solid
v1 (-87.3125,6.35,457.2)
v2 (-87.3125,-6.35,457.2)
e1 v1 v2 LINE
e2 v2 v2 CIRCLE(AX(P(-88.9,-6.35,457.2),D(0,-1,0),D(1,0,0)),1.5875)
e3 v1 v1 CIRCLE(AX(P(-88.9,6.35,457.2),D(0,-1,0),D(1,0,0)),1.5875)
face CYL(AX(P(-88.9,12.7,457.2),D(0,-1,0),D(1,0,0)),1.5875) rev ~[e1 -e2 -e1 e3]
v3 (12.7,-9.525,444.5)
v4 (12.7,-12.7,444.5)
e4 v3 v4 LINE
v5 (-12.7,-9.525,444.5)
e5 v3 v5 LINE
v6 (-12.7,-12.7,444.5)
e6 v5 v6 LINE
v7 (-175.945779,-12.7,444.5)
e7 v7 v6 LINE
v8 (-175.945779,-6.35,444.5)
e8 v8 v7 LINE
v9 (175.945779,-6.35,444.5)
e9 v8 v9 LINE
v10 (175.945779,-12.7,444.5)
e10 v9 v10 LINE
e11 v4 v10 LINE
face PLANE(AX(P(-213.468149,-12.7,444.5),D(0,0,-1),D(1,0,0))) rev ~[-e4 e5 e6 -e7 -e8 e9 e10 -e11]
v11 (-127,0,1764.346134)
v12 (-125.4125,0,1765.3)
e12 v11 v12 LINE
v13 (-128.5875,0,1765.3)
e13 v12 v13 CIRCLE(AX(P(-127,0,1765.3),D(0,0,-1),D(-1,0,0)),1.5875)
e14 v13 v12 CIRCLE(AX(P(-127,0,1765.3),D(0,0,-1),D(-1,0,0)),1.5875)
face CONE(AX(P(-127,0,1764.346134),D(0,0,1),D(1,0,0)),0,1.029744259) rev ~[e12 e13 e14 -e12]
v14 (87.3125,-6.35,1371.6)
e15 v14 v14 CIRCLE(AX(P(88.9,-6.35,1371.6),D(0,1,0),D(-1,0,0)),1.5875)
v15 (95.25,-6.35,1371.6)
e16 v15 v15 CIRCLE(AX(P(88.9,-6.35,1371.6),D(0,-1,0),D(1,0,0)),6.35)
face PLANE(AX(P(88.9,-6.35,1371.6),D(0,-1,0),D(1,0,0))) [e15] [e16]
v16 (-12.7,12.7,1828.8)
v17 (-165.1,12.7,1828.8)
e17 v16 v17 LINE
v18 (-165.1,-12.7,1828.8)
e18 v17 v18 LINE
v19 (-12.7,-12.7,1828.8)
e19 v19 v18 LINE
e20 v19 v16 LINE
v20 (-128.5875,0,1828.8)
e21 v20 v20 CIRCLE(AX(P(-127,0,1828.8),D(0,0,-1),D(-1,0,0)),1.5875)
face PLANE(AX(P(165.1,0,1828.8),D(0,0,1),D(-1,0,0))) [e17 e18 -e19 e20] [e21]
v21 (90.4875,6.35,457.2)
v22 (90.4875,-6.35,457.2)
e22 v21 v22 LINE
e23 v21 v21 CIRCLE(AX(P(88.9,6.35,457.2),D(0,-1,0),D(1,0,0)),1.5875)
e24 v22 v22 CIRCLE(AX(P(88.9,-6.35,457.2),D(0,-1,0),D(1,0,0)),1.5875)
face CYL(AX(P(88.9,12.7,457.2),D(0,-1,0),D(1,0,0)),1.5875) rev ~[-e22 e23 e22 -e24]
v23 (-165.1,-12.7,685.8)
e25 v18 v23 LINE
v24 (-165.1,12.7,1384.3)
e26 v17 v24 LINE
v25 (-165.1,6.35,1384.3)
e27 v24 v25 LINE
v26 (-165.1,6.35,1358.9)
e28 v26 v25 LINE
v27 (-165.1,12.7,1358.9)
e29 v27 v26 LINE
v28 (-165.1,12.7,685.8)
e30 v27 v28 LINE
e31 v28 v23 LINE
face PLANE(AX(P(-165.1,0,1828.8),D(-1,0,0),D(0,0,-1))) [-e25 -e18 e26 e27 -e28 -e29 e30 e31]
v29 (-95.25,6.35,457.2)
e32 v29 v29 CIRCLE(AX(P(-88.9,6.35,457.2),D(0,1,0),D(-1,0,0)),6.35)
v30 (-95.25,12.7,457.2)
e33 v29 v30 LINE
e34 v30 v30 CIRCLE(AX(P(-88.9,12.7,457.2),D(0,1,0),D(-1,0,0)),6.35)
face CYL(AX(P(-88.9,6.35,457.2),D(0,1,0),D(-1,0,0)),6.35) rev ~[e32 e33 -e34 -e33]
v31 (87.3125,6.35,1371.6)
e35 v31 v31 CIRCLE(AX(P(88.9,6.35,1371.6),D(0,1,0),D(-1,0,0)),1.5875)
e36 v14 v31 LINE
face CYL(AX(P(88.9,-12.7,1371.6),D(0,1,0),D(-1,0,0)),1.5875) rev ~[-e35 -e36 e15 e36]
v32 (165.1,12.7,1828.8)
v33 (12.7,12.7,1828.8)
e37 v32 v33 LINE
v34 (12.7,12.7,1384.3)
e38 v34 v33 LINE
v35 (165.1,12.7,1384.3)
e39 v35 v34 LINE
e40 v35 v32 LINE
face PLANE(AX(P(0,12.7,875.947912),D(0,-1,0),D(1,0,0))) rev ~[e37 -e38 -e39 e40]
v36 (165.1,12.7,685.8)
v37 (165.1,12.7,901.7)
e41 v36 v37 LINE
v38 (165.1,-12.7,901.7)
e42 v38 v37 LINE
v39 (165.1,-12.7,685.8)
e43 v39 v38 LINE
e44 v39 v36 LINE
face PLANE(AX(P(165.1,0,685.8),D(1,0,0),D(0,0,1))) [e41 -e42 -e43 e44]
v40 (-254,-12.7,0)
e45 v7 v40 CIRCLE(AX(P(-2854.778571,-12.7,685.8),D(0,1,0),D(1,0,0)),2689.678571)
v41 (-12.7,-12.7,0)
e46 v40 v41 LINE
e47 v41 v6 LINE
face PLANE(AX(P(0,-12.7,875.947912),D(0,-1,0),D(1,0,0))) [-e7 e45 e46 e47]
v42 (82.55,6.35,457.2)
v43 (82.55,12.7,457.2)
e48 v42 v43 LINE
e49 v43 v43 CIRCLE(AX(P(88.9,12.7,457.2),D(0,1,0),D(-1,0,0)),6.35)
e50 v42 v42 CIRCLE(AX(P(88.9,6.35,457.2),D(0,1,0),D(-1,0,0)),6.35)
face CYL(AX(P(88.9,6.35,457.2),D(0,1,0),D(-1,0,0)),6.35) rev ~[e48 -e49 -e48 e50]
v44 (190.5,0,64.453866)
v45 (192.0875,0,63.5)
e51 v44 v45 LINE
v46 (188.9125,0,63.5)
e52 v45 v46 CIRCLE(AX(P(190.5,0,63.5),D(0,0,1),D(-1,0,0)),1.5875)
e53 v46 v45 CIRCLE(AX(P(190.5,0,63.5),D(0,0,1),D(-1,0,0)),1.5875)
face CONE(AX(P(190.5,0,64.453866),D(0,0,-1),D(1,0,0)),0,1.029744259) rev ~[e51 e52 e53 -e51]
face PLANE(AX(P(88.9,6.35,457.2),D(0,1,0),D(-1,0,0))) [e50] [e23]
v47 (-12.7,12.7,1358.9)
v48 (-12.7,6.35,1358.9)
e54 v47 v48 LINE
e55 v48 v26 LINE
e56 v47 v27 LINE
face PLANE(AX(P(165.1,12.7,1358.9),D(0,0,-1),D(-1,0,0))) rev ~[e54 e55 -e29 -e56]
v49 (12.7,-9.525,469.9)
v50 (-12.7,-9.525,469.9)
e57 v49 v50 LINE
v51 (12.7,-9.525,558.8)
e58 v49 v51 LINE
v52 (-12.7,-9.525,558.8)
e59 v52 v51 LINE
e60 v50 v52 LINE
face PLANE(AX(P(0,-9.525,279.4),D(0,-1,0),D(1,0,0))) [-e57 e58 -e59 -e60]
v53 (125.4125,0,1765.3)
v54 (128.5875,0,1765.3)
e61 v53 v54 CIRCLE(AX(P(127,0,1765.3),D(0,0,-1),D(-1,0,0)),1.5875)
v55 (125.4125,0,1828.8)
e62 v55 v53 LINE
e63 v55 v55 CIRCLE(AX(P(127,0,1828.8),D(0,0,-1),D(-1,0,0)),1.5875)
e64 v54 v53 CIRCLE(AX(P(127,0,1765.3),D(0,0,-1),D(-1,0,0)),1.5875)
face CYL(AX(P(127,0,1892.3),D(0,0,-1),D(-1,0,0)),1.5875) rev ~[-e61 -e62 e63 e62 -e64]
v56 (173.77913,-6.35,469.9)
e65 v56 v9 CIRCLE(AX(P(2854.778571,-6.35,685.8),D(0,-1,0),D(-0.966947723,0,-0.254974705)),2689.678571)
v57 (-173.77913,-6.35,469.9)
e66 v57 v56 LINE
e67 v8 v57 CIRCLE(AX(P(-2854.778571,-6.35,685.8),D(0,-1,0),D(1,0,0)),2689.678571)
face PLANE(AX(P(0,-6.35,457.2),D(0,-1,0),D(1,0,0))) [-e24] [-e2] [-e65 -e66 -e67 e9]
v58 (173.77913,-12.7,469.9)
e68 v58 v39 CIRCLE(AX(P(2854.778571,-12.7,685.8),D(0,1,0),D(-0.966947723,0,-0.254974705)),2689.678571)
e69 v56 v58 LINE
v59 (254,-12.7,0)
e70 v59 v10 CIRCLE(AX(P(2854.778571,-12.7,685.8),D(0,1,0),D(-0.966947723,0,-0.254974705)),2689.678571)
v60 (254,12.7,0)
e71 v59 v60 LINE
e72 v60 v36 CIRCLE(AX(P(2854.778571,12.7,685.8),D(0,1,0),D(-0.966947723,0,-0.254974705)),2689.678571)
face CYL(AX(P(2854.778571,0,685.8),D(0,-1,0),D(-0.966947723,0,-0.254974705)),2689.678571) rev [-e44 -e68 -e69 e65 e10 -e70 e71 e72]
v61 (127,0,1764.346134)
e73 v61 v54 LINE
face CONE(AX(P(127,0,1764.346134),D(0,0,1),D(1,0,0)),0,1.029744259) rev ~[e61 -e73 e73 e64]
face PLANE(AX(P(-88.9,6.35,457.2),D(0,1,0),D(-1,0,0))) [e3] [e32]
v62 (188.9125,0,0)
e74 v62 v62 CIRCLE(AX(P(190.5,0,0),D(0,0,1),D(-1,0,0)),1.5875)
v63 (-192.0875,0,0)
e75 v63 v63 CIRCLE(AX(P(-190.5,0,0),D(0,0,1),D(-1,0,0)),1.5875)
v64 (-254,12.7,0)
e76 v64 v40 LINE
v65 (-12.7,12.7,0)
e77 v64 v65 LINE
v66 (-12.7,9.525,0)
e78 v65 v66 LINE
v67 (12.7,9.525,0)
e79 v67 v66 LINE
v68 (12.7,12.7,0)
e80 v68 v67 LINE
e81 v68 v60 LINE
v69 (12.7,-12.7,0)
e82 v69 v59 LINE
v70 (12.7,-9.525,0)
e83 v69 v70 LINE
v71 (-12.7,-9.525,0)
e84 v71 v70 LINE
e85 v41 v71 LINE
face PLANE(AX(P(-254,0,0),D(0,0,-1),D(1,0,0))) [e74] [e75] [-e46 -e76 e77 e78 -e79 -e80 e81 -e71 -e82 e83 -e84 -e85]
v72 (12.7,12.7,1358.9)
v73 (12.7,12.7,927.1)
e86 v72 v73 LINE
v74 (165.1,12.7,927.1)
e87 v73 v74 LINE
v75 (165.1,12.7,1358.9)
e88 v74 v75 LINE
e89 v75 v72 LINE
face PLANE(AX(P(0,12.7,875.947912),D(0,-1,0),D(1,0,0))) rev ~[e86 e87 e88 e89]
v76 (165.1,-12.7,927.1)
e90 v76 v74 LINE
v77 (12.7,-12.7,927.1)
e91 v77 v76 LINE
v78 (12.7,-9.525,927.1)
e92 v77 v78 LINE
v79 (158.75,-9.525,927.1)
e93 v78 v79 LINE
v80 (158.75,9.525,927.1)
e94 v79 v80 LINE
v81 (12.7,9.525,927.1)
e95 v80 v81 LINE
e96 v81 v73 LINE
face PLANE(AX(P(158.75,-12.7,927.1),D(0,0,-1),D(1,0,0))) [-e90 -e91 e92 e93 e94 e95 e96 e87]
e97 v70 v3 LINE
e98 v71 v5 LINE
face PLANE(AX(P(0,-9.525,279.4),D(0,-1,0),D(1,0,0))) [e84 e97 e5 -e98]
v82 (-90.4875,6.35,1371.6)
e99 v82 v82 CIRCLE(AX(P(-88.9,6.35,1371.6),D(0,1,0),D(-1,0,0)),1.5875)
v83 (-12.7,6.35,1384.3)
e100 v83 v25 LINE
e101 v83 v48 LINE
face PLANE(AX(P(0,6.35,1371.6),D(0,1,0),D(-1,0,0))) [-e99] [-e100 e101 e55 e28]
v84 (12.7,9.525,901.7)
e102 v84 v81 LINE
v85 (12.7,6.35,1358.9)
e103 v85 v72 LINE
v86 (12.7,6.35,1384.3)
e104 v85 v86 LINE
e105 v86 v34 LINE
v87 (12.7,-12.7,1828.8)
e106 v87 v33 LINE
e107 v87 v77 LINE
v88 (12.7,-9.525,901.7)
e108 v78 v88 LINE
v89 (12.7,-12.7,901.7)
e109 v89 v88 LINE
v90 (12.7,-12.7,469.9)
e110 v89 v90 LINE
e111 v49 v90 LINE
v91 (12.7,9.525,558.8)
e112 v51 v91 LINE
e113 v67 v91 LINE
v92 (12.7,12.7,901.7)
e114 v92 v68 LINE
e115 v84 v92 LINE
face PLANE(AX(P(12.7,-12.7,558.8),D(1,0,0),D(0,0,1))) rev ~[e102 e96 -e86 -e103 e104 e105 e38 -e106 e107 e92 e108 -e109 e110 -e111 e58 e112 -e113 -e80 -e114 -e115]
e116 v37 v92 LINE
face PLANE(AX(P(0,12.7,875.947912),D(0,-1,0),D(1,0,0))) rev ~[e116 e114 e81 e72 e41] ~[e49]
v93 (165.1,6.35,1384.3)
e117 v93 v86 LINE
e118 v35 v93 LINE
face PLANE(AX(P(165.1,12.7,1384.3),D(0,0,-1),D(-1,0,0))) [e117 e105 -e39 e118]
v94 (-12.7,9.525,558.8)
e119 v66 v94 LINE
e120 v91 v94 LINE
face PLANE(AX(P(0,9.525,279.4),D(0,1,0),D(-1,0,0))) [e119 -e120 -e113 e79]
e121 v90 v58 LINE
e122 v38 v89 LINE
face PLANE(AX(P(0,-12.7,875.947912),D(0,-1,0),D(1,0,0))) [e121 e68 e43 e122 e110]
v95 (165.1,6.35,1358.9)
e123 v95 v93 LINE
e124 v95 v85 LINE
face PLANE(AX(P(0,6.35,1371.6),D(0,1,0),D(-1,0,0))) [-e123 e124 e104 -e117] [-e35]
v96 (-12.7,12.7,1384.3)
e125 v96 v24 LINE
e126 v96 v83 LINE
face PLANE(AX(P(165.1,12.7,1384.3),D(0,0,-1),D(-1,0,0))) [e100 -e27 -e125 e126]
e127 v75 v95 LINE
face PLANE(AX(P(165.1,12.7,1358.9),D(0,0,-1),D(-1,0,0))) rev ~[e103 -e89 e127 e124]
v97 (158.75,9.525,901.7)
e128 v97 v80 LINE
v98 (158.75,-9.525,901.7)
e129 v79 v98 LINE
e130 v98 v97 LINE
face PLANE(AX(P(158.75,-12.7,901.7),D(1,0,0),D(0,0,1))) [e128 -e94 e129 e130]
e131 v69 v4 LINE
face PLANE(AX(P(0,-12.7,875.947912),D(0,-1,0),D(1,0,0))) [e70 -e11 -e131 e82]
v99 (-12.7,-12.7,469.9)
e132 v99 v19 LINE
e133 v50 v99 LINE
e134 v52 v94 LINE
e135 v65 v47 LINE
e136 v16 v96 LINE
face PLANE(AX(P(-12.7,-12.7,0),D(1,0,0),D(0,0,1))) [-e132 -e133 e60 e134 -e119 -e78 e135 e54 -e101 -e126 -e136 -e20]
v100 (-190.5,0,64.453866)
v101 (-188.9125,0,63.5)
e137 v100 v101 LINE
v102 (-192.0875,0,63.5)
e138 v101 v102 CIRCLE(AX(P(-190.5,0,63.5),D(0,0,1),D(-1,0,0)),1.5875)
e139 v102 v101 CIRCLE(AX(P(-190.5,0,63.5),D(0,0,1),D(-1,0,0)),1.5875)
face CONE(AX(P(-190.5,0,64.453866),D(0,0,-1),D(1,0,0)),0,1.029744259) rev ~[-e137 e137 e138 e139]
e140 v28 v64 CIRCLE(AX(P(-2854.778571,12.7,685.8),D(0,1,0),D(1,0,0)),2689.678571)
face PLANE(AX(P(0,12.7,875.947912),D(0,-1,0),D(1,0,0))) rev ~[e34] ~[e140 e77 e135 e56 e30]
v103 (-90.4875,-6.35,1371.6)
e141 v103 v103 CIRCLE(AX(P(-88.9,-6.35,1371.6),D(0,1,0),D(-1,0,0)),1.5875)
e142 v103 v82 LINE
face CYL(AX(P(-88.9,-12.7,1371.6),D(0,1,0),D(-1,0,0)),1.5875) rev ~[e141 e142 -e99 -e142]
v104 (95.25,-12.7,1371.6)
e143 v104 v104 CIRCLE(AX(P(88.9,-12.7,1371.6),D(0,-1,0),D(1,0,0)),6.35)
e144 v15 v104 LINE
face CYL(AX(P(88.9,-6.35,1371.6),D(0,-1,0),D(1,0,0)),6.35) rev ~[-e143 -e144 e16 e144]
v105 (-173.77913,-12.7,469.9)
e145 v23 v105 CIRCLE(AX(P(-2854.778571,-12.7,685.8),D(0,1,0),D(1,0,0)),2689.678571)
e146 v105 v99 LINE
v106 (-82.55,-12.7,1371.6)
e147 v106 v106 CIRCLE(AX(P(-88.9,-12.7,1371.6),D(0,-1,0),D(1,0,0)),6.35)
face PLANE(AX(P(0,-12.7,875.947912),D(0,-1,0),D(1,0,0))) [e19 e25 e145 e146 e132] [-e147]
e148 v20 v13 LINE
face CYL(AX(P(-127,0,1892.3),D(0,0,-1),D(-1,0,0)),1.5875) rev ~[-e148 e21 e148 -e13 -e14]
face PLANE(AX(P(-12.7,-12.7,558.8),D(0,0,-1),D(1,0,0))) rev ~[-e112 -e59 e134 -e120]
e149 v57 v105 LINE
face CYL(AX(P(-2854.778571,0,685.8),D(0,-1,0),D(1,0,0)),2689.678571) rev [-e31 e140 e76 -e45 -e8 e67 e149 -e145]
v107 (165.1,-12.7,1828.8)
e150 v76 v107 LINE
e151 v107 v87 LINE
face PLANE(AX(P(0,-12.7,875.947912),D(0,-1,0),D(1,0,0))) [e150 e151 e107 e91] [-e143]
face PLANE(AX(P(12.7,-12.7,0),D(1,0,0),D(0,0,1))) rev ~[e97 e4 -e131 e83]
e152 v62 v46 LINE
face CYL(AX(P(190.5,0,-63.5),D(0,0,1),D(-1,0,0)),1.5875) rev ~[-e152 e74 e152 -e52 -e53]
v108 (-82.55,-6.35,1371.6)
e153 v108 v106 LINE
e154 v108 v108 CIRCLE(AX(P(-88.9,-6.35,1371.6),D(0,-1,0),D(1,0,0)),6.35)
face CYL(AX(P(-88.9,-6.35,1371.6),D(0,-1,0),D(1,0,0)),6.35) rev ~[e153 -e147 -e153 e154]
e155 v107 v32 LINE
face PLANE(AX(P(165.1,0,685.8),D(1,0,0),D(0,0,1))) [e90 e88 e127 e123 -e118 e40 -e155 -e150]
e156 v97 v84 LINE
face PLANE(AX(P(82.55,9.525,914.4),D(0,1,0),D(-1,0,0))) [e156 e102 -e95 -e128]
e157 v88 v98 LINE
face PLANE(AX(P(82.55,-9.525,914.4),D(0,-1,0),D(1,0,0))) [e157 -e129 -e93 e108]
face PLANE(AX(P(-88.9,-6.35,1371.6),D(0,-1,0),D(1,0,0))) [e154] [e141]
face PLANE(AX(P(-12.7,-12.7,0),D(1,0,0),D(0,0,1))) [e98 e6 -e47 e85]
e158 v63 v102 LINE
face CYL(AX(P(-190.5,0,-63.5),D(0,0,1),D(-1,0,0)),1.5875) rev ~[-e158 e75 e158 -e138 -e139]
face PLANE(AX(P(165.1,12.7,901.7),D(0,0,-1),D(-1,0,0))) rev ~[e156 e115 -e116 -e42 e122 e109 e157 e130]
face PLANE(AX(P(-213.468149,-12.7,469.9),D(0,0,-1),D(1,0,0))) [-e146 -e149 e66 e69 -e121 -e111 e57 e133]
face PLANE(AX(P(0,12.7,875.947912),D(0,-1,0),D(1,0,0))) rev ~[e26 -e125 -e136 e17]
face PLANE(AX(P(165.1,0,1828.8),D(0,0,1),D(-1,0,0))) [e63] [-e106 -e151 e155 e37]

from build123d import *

# Parameters (mm, degrees)
F1_DEPTH       = 12.7
F25_DEPTH      = 38.1
F3_D           = 3.175
F3_DEPTH       = 63.5
F3_CBORE_D     = 12.7
F3_CBORE_DEPTH = 6.35
F3_TIP         = 0.9538662327
F5_D           = 3.175
F5_DEPTH       = 63.5
F5_CBORE_D     = 12.7
F5_CBORE_DEPTH = 6.35
F5_TIP         = 0.9538662327
F7_D           = 3.175
F7_DEPTH       = 63.5
F7_TIP         = 0.9538662327
F9_D           = 3.175
F9_DEPTH       = 63.5
F9_TIP         = 0.9538662327
F10_W          = 330.2
F10_H          = 25.4
F11_DEPTH      = 6.35
F12_W          = 426.9362986088
F12_H          = 25.4
F13_DEPTH      = 6.35
F14_W          = 25.4
F14_H          = 558.8
F15_DEPTH      = 3.175
F16_W          = 25.4
F16_H          = 558.8
F17_DEPTH      = 3.175
F19_W          = 12.7
F19_H          = 25.4
F20_DEPTH      = 25.4
F18_W          = 165.1
F18_H          = 25.4
F21_DEPTH      = 3.175
F22_W          = 165.1
F22_H          = 25.4
F23_DEPTH      = 3.175


with BuildPart() as f1:
    # F0 (on Front) → F1 (new body, symmetric)
    with BuildSketch(Plane.XZ):
        with BuildLine():
            Line((165.1, 1828.8), (0, 1828.8))
            Line((0, 1828.8), (-165.1, 1828.8))
            Line((-165.1, 1828.8), (-165.1, 685.8))
            ThreePointArc((-165.1, 685.8), (-187.4175900274, 340.0309838924), (-254, 0))
            Line((-254, 0), (0, 0))
            Line((0, 0), (254, 0))
            ThreePointArc((254, 0), (187.4175900273, 340.0309838924), (165.1, 685.8))
            Line((165.1, 685.8), (165.1, 1828.8))
        make_face()
    extrude(amount=F1_DEPTH, both=True)

    # F24 (on face) → F25 (cut)
    with BuildSketch(Plane.XZ.offset(12.7)):
        Polygon((-12.7, 558.8), (0, 558.8), (12.7, 558.8), (12.7, 1828.8), (0, 1828.8), (-12.7, 1828.8), align=None)
    extrude(amount=-F25_DEPTH, mode=Mode.SUBTRACT)

    # F3
    with Locations(Plane.XZ.offset(12.7)):
        with Locations((-88.9, 1371.6), (88.9, 1371.6)):
            CounterBoreHole(F3_D / 2, F3_CBORE_D / 2, F3_CBORE_DEPTH, depth=F3_DEPTH)
            with Locations((0, 0, -(F3_DEPTH + F3_TIP / 2))):  # 118° drill point
                Cone(0, F3_D / 2, F3_TIP, mode=Mode.SUBTRACT)

    # F5
    with Locations(Plane(origin=(0, 12.7, 0), x_dir=(-1, 0, 0), z_dir=(0, 1, 0))):
        with Locations((-88.9, 457.2), (88.9, 457.2)):
            CounterBoreHole(F5_D / 2, F5_CBORE_D / 2, F5_CBORE_DEPTH, depth=F5_DEPTH)
            with Locations((0, 0, -(F5_DEPTH + F5_TIP / 2))):  # 118° drill point
                Cone(0, F5_D / 2, F5_TIP, mode=Mode.SUBTRACT)

    # F7
    with Locations(Plane.XY.offset(1828.8)):
        with Locations((-127, 0), (127, 0)):
            Hole(F7_D / 2, depth=F7_DEPTH)
            with Locations((0, 0, -(F7_DEPTH + F7_TIP / 2))):  # 118° drill point
                Cone(0, F7_D / 2, F7_TIP, mode=Mode.SUBTRACT)

    # F9
    with Locations(Plane(origin=(0, 0, 0), x_dir=(1, 0, 0), z_dir=(0, 0, -1))):
        with Locations((-190.5, 0), (190.5, 0)):
            Hole(F9_D / 2, depth=F9_DEPTH)
            with Locations((0, 0, -(F9_DEPTH + F9_TIP / 2))):  # 118° drill point
                Cone(0, F9_D / 2, F9_TIP, mode=Mode.SUBTRACT)

    # F10 (on face) → F11 (cut)
    with BuildSketch(Plane(origin=(0, 12.7, 0), x_dir=(-1, 0, 0), z_dir=(0, 1, 0))):
        with Locations((0, 1371.6)):
            Rectangle(F10_W, F10_H)
    extrude(amount=-F11_DEPTH, mode=Mode.SUBTRACT)

    # F12 (on face) → F13 (cut)
    with BuildSketch(Plane.XZ.offset(12.7)):
        with Locations((0, 457.2)):
            Rectangle(F12_W, F12_H)
    extrude(amount=-F13_DEPTH, mode=Mode.SUBTRACT)

    # F14 (on face) → F15 (cut)
    with BuildSketch(Plane(origin=(0, 12.7, 0), x_dir=(-1, 0, 0), z_dir=(0, 1, 0))):
        with Locations((0, 279.4)):
            Rectangle(F14_W, F14_H)
    extrude(amount=-F15_DEPTH, mode=Mode.SUBTRACT)

    # F16 (on face) → F17 (cut)
    with BuildSketch(Plane.XZ.offset(12.7)):
        with Locations((0, 279.4)):
            Rectangle(F16_W, F16_H)
    extrude(amount=-F17_DEPTH, mode=Mode.SUBTRACT)

    # F19 (on face) → F20 (cut)
    with BuildSketch(Plane.XZ.offset(12.7)):
        with Locations((165.1, 914.4)):
            Rectangle(F19_W, F19_H)
    extrude(amount=-F20_DEPTH, mode=Mode.SUBTRACT)

    # F18 (on face) → F21 (cut)
    with BuildSketch(Plane.XZ.offset(12.7)):
        with Locations((82.55, 914.4)):
            Rectangle(F18_W, F18_H)
    extrude(amount=-F21_DEPTH, mode=Mode.SUBTRACT)

    # F22 (on face) → F23 (cut)
    with BuildSketch(Plane(origin=(0, 12.7, 0), x_dir=(-1, 0, 0), z_dir=(0, 1, 0))):
        with Locations((-82.55, 914.4)):
            Rectangle(F22_W, F22_H)
    extrude(amount=-F23_DEPTH, mode=Mode.SUBTRACT)


solid = f1.part
